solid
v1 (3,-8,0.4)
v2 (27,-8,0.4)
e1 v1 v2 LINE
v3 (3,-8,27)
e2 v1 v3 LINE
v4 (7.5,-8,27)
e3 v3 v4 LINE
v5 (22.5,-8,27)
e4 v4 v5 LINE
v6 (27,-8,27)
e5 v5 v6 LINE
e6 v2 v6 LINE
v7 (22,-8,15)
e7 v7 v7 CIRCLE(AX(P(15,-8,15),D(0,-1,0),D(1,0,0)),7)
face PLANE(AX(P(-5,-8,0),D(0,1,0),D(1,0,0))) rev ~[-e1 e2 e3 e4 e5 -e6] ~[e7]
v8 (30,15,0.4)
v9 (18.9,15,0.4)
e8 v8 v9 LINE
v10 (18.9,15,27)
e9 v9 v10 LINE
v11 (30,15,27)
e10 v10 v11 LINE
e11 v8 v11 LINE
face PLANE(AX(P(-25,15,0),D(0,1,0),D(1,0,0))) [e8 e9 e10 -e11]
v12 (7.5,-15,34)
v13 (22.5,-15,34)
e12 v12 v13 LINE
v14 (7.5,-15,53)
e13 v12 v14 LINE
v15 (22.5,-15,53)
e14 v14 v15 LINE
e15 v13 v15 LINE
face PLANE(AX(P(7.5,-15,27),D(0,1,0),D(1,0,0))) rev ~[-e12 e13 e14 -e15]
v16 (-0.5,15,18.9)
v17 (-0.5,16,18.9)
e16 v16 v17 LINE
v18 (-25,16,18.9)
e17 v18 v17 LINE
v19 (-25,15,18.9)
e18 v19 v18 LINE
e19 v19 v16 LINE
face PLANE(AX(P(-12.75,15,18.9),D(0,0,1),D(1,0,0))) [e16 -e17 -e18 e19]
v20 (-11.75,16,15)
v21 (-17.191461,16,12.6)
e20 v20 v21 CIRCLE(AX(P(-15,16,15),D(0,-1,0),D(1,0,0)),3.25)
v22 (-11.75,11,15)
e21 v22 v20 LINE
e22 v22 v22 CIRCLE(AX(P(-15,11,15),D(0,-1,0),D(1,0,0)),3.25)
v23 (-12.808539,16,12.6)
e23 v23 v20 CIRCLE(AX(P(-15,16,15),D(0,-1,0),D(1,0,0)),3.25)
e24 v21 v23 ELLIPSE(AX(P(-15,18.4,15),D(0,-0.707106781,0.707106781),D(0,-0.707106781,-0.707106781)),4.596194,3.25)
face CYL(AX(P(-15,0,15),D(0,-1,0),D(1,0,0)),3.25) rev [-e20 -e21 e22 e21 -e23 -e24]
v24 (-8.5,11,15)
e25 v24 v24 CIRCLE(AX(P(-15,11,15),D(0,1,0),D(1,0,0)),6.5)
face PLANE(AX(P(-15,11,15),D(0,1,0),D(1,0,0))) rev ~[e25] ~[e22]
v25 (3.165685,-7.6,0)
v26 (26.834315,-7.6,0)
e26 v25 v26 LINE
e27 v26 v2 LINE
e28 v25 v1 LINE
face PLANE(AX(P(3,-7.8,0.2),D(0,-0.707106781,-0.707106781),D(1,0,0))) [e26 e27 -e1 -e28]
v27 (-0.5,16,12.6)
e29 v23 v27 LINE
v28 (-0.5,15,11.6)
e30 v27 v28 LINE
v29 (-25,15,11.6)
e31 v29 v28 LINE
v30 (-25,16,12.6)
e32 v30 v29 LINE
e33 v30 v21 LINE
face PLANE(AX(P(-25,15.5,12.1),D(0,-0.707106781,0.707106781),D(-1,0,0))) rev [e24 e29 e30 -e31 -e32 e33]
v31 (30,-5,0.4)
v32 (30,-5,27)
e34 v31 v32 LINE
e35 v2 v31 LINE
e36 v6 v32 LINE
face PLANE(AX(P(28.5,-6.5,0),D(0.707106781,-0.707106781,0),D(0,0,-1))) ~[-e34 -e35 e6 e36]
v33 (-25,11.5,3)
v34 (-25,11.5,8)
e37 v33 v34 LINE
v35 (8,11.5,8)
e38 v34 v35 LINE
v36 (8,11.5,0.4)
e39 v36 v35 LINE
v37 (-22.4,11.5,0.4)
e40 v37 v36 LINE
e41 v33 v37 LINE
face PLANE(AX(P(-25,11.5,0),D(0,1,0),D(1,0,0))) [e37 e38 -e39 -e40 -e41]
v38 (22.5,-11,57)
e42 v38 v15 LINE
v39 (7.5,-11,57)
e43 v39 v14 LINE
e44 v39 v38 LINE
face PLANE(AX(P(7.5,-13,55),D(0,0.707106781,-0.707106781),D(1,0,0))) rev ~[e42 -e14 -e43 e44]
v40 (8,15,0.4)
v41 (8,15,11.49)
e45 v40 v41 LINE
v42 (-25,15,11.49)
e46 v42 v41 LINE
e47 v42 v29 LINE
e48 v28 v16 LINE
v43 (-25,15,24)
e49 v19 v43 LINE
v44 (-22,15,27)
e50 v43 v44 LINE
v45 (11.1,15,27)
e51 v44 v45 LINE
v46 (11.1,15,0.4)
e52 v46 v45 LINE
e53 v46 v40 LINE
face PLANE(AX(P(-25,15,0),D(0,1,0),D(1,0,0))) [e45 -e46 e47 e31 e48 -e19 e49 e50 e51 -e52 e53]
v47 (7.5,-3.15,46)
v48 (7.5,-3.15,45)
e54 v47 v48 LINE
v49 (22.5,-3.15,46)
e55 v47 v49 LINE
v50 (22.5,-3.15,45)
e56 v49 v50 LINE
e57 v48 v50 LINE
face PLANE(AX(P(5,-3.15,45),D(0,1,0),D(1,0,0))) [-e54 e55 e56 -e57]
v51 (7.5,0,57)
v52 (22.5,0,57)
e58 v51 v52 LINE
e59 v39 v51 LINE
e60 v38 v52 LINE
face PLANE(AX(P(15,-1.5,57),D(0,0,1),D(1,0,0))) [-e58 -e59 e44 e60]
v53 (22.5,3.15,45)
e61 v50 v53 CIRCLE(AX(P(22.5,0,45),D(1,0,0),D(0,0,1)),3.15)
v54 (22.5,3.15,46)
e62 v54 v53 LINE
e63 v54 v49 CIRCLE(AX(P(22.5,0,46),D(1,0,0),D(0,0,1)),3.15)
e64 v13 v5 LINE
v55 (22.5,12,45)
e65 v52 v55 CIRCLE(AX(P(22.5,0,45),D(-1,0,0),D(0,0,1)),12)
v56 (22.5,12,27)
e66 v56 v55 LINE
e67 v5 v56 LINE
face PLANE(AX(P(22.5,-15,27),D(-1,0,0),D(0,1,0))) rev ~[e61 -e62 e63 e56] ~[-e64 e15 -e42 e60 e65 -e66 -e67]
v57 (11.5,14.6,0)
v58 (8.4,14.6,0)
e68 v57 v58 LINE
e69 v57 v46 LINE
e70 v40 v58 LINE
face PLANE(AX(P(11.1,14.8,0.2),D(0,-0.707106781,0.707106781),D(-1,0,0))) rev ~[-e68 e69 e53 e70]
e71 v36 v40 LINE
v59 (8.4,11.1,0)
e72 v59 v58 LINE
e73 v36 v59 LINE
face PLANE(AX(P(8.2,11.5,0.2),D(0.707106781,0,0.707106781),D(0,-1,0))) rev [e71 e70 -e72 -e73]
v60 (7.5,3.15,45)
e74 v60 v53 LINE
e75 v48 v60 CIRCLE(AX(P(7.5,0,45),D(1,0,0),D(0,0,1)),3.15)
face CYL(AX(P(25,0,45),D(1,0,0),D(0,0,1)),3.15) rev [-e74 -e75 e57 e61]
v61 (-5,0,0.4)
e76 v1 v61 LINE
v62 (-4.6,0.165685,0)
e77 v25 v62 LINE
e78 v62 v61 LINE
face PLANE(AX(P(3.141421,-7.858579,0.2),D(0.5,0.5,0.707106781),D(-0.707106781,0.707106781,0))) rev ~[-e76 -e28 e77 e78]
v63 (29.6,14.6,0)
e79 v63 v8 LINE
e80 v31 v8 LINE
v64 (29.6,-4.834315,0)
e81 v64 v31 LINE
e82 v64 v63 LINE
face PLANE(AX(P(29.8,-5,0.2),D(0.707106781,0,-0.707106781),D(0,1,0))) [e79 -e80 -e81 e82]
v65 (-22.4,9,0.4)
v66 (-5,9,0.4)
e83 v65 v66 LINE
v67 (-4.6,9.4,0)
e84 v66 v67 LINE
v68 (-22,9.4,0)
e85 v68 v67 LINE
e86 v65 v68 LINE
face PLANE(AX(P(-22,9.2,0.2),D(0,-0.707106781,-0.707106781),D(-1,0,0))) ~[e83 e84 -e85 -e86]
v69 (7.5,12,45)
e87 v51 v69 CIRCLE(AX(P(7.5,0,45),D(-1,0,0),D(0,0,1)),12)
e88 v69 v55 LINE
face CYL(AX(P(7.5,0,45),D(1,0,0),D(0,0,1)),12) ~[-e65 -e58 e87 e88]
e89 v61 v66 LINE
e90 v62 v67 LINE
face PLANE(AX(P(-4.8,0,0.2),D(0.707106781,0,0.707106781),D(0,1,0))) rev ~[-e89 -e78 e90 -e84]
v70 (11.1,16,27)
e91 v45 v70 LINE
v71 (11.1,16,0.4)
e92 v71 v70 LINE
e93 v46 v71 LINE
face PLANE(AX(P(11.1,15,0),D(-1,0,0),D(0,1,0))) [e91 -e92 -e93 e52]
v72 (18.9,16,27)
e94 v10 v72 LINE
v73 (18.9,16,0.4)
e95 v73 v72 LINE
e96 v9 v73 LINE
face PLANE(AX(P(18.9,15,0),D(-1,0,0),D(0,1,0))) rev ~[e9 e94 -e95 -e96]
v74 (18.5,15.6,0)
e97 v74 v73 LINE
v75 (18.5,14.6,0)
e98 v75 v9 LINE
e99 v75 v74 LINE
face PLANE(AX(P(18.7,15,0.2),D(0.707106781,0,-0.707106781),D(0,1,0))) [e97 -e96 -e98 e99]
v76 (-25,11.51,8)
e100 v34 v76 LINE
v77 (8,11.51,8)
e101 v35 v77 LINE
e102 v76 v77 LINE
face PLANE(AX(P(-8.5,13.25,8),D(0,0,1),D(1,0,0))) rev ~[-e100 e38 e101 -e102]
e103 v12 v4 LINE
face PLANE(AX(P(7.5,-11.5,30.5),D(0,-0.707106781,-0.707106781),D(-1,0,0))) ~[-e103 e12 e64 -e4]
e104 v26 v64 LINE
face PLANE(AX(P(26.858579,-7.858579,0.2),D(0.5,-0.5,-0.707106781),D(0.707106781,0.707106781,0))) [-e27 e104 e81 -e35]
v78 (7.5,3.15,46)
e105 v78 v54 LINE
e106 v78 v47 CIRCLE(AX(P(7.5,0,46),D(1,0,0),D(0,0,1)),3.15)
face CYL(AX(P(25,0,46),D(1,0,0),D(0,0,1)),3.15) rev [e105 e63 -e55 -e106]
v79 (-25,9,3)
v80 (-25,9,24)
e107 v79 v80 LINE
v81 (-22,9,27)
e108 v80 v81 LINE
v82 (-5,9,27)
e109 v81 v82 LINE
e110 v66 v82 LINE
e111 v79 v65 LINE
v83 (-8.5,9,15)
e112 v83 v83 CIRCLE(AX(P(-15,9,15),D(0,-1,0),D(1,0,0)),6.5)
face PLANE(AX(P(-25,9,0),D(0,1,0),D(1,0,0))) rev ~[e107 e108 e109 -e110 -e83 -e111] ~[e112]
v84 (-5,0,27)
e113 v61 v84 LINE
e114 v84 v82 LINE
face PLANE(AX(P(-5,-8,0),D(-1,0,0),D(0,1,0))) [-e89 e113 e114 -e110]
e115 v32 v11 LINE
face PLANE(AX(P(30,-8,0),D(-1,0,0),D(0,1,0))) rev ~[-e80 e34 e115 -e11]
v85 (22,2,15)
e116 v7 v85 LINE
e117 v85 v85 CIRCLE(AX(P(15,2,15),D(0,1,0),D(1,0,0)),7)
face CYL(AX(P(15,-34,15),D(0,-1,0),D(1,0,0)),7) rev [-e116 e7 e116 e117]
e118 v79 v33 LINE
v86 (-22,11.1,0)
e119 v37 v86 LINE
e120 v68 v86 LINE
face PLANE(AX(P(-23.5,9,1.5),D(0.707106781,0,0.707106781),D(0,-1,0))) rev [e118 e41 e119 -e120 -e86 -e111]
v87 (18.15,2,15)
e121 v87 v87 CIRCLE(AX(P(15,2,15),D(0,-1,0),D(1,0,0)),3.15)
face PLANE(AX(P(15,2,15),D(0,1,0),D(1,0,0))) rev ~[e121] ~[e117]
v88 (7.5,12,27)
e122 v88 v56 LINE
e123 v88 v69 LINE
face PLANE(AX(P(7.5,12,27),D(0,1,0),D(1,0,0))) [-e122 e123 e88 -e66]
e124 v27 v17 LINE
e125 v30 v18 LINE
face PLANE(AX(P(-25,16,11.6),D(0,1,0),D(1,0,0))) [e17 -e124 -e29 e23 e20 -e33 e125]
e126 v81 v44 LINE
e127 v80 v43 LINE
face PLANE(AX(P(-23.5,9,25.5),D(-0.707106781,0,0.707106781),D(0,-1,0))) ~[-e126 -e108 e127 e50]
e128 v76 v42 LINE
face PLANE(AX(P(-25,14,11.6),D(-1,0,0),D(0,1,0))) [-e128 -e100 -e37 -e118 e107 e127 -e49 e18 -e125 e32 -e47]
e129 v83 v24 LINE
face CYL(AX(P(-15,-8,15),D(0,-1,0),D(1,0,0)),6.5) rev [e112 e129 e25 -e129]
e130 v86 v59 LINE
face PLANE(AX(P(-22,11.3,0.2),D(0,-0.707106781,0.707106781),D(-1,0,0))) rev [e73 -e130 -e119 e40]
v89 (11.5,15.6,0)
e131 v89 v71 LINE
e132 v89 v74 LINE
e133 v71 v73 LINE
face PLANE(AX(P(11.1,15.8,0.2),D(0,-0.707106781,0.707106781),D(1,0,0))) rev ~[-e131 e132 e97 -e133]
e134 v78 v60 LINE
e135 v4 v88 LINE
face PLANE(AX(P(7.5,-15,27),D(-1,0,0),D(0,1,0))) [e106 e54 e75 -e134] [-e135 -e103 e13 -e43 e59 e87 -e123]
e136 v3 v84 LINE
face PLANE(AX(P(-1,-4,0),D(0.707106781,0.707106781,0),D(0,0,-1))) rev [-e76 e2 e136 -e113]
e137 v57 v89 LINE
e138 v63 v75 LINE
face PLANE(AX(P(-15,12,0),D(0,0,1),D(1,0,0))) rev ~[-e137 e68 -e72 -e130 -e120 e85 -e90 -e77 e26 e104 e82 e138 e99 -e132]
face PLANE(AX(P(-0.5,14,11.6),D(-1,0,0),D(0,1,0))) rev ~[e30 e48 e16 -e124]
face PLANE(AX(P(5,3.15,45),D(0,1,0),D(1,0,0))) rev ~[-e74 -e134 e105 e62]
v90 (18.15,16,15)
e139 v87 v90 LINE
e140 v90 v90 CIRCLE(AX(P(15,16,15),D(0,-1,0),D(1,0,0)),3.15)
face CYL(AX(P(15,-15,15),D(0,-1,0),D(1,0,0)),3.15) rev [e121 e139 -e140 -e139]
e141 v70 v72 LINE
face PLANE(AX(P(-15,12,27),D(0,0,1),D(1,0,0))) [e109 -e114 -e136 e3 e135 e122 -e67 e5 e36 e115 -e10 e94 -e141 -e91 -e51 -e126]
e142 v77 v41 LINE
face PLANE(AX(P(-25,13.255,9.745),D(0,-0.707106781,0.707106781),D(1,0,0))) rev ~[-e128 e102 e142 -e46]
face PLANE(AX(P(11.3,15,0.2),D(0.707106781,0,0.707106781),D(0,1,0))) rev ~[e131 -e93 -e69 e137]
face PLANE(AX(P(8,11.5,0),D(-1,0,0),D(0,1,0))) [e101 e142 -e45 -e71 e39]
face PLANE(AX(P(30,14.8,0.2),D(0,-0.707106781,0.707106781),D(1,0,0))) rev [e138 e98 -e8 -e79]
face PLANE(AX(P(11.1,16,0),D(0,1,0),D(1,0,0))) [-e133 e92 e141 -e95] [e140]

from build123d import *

# Parameters (mm, degrees)
CYLINDER007_R         = 3.15
CYLINDER007_DEPTH     = 20
CYLINDER006_R         = 3.15
CYLINDER006_DEPTH     = 20
BOX010_W              = 20
BOX010_H              = 6.3
BOX010_DEPTH          = 1
BOX006_W              = 15
BOX006_H              = 27
BOX006_DEPTH          = 30
CHAMFER002001002_SIZE = 7
FILLET_R              = 12
CHAMFER002001003_SIZE = 4
CYLINDER009_R         = 6.5
CYLINDER009_DEPTH     = 19
CYLINDER008_R         = 3.25
CYLINDER008_DEPTH     = 19
CYLINDER004_R         = 3.15
CYLINDER004_DEPTH     = 36
CYLINDER005_R         = 7
CYLINDER005_DEPTH     = 36
BOX008_W              = 7.8
BOX008_H              = 1
BOX008_DEPTH          = 27
BOX009_W              = 24.5
BOX009_H              = 2
BOX009_DEPTH          = 7.3
CHAMFER002001008_SIZE = 1
BOX011_W              = 33
BOX011_H              = 3.5
BOX011_DEPTH          = 8
BOX012_W              = 20
BOX012_H              = 6
BOX012_DEPTH          = 27
CHAMFER002001007_SIZE = 3
BOX007_W              = 35
BOX007_H              = 23
BOX007_DEPTH          = 27
CHAMFER002001005_SIZE = 3
CHAMFER002001006_SIZE = 8
CHAMFER002001009_SIZE = 3.49
CHAMFER002001010_SIZE = 0.4


with BuildPart() as cylinder007:
    # Cylinder007 → Cylinder007 (new body)
    with BuildSketch(Plane(origin=(0, 0, 1), x_dir=(0, 0, 1), z_dir=(-1, 0, 0))):
        Circle(CYLINDER007_R)
    extrude(amount=CYLINDER007_DEPTH)


with BuildPart() as cylinder006:
    # Cylinder006 → Cylinder006 (new body)
    with BuildSketch(Plane.ZY):
        Circle(CYLINDER006_R)
    extrude(amount=CYLINDER006_DEPTH)


with BuildPart() as fusion003004:
    # Box010 → Box010 (new body)
    with BuildSketch(Plane(origin=(-20, -3.15, 0), x_dir=(1, 0, 0), z_dir=(0, 0, 1))):
        with Locations((10, 3.15)):
            Rectangle(BOX010_W, BOX010_H)
    extrude(amount=BOX010_DEPTH)

    # Fusion003004: union Cylinder007, Cylinder006
    add(cylinder007.part)
    add(cylinder006.part)


with BuildPart() as fusion003004_1:
    # Fusion003004 placement: moved
    add(fusion003004.part.moved(Location((25, 0, 45))))


with BuildPart() as cut004:
    # Box006 → Box006 (new body)
    with BuildSketch(Plane(origin=(7.5, -15, 27), x_dir=(1, 0, 0), z_dir=(0, 0, 1))):
        with Locations((7.5, 13.5)):
            Rectangle(BOX006_W, BOX006_H)
    extrude(amount=BOX006_DEPTH)

    # Chamfer002001002
    chamfer002001002_edges = [cut004.edges().sort_by_distance(p)[0] for p in [
        (15, -15, 27),
    ]]
    chamfer(chamfer002001002_edges, length=CHAMFER002001002_SIZE)

    # Fillet
    fillet_edges = [cut004.edges().sort_by_distance(p)[0] for p in [
        (15, 12, 57),
    ]]
    fillet(fillet_edges, radius=FILLET_R)

    # Chamfer002001003
    chamfer002001003_edges = [cut004.edges().sort_by_distance(p)[0] for p in [
        (15, -15, 57),
    ]]
    chamfer(chamfer002001003_edges, length=CHAMFER002001003_SIZE)

    # Cut004: cut Fusion003004
    add(fusion003004_1.part, mode=Mode.SUBTRACT)


with BuildPart() as cylinder009:
    # Cylinder009 → Cylinder009 (new body)
    with BuildSketch(Plane(origin=(-15, -8, 15), x_dir=(1, 0, 0), z_dir=(0, 1, 0))):
        Circle(CYLINDER009_R)
    extrude(amount=CYLINDER009_DEPTH)


with BuildPart() as cylinder008:
    # Cylinder008 → Cylinder008 (new body)
    with BuildSketch(Plane(origin=(-15, 0, 15), x_dir=(1, 0, 0), z_dir=(0, 1, 0))):
        Circle(CYLINDER008_R)
    extrude(amount=CYLINDER008_DEPTH)


with BuildPart() as cylinder004:
    # Cylinder004 → Cylinder004 (new body)
    with BuildSketch(Plane(origin=(15, -15, 15), x_dir=(1, 0, 0), z_dir=(0, 1, 0))):
        Circle(CYLINDER004_R)
    extrude(amount=CYLINDER004_DEPTH)


with BuildPart() as fusion003008:
    # Cylinder005 → Cylinder005 (new body)
    with BuildSketch(Plane(origin=(15, -34, 15), x_dir=(1, 0, 0), z_dir=(0, 1, 0))):
        Circle(CYLINDER005_R)
    extrude(amount=CYLINDER005_DEPTH)

    # Fusion003008: union Cylinder004
    add(cylinder004.part)


with BuildPart() as cube008:
    # Box008 → Box008 (new body)
    with BuildSketch(Plane(origin=(11.1, 15, 0), x_dir=(1, 0, 0), z_dir=(0, 0, 1))):
        with Locations((3.9, 0.5)):
            Rectangle(BOX008_W, BOX008_H)
    extrude(amount=BOX008_DEPTH)


with BuildPart() as fusion003010:
    # Box009 → Box009 (new body)
    with BuildSketch(Plane(origin=(-25, 14, 11.6), x_dir=(1, 0, 0), z_dir=(0, 0, 1))):
        with Locations((12.25, 1)):
            Rectangle(BOX009_W, BOX009_H)
    extrude(amount=BOX009_DEPTH)

    # Chamfer002001008
    chamfer002001008_edges = [fusion003010.edges().sort_by_distance(p)[0] for p in [
        (-12.75, 16, 11.6),
    ]]
    chamfer(chamfer002001008_edges, length=CHAMFER002001008_SIZE)

    # Fusion003010: union Cube008
    add(cube008.part)


with BuildPart() as cube011:
    # Box011 → Box011 (new body)
    with BuildSketch(Plane(origin=(-25, 11.5, 0), x_dir=(1, 0, 0), z_dir=(0, 0, 1))):
        with Locations((16.5, 1.75)):
            Rectangle(BOX011_W, BOX011_H)
    extrude(amount=BOX011_DEPTH)


with BuildPart() as chamfer002001007:
    # Box012 → Box012 (new body)
    with BuildSketch(Plane(origin=(-25, 9, 0), x_dir=(1, 0, 0), z_dir=(0, 0, 1))):
        with Locations((10, 3)):
            Rectangle(BOX012_W, BOX012_H)
    extrude(amount=BOX012_DEPTH)

    # Chamfer002001007
    chamfer002001007_edges = [chamfer002001007.edges().sort_by_distance(p)[0] for p in [
        (-25, 12, 27),
        (-25, 12, 0),
    ]]
    chamfer(chamfer002001007_edges, length=CHAMFER002001007_SIZE)


with BuildPart() as chamfer002001010:
    # Box007 → Box007 (new body)
    with BuildSketch(Plane(origin=(-5, -8, 0), x_dir=(1, 0, 0), z_dir=(0, 0, 1))):
        with Locations((17.5, 11.5)):
            Rectangle(BOX007_W, BOX007_H)
    extrude(amount=BOX007_DEPTH)

    # Chamfer002001005
    chamfer002001005_edges = [chamfer002001010.edges().sort_by_distance(p)[0] for p in [
        (30, -8, 13.5),
    ]]
    chamfer(chamfer002001005_edges, length=CHAMFER002001005_SIZE)

    # Chamfer002001006
    chamfer002001006_edges = [chamfer002001010.edges().sort_by_distance(p)[0] for p in [
        (-5, -8, 13.5),
    ]]
    chamfer(chamfer002001006_edges, length=CHAMFER002001006_SIZE)

    # Fusion003009: union Chamfer002001007
    add(chamfer002001007.part)

    # Cut005: cut Cube011
    add(cube011.part, mode=Mode.SUBTRACT)

    # Chamfer002001009
    chamfer002001009_edges = [chamfer002001010.edges().sort_by_distance(p)[0] for p in [
        (1.5, 15, 8),
    ]]
    chamfer(chamfer002001009_edges, length=CHAMFER002001009_SIZE)

    # Fusion003011: union Fusion003010
    add(fusion003010.part)

    # Cut006: cut Fusion003008
    add(fusion003008.part, mode=Mode.SUBTRACT)

    # Cut007: cut Cylinder008
    add(cylinder008.part, mode=Mode.SUBTRACT)

    # Cut008: cut Cylinder009
    add(cylinder009.part, mode=Mode.SUBTRACT)

    # Fusion003012: union Cut004
    add(cut004.part)

    # Chamfer002001010
    chamfer002001010_edges = [chamfer002001010.edges().sort_by_distance(p)[0] for p in [
        (8, 13.25, 0),
        (-7, 11.5, 0),
        (-13.5, 9, 0),
        (24.45, 15, 0),
        (30, 5, 0),
        (28.5, -6.5, 0),
        (15, -8, 0),
        (-1, -4, 0),
        (-5, 4.5, 0),
        (18.9, 15.5, 0),
        (11.1, 15.5, 0),
        (15, 16, 0),
        (9.55, 15, 0),
    ]]
    chamfer(chamfer002001010_edges, length=CHAMFER002001010_SIZE)


solid = chamfer002001010.part
